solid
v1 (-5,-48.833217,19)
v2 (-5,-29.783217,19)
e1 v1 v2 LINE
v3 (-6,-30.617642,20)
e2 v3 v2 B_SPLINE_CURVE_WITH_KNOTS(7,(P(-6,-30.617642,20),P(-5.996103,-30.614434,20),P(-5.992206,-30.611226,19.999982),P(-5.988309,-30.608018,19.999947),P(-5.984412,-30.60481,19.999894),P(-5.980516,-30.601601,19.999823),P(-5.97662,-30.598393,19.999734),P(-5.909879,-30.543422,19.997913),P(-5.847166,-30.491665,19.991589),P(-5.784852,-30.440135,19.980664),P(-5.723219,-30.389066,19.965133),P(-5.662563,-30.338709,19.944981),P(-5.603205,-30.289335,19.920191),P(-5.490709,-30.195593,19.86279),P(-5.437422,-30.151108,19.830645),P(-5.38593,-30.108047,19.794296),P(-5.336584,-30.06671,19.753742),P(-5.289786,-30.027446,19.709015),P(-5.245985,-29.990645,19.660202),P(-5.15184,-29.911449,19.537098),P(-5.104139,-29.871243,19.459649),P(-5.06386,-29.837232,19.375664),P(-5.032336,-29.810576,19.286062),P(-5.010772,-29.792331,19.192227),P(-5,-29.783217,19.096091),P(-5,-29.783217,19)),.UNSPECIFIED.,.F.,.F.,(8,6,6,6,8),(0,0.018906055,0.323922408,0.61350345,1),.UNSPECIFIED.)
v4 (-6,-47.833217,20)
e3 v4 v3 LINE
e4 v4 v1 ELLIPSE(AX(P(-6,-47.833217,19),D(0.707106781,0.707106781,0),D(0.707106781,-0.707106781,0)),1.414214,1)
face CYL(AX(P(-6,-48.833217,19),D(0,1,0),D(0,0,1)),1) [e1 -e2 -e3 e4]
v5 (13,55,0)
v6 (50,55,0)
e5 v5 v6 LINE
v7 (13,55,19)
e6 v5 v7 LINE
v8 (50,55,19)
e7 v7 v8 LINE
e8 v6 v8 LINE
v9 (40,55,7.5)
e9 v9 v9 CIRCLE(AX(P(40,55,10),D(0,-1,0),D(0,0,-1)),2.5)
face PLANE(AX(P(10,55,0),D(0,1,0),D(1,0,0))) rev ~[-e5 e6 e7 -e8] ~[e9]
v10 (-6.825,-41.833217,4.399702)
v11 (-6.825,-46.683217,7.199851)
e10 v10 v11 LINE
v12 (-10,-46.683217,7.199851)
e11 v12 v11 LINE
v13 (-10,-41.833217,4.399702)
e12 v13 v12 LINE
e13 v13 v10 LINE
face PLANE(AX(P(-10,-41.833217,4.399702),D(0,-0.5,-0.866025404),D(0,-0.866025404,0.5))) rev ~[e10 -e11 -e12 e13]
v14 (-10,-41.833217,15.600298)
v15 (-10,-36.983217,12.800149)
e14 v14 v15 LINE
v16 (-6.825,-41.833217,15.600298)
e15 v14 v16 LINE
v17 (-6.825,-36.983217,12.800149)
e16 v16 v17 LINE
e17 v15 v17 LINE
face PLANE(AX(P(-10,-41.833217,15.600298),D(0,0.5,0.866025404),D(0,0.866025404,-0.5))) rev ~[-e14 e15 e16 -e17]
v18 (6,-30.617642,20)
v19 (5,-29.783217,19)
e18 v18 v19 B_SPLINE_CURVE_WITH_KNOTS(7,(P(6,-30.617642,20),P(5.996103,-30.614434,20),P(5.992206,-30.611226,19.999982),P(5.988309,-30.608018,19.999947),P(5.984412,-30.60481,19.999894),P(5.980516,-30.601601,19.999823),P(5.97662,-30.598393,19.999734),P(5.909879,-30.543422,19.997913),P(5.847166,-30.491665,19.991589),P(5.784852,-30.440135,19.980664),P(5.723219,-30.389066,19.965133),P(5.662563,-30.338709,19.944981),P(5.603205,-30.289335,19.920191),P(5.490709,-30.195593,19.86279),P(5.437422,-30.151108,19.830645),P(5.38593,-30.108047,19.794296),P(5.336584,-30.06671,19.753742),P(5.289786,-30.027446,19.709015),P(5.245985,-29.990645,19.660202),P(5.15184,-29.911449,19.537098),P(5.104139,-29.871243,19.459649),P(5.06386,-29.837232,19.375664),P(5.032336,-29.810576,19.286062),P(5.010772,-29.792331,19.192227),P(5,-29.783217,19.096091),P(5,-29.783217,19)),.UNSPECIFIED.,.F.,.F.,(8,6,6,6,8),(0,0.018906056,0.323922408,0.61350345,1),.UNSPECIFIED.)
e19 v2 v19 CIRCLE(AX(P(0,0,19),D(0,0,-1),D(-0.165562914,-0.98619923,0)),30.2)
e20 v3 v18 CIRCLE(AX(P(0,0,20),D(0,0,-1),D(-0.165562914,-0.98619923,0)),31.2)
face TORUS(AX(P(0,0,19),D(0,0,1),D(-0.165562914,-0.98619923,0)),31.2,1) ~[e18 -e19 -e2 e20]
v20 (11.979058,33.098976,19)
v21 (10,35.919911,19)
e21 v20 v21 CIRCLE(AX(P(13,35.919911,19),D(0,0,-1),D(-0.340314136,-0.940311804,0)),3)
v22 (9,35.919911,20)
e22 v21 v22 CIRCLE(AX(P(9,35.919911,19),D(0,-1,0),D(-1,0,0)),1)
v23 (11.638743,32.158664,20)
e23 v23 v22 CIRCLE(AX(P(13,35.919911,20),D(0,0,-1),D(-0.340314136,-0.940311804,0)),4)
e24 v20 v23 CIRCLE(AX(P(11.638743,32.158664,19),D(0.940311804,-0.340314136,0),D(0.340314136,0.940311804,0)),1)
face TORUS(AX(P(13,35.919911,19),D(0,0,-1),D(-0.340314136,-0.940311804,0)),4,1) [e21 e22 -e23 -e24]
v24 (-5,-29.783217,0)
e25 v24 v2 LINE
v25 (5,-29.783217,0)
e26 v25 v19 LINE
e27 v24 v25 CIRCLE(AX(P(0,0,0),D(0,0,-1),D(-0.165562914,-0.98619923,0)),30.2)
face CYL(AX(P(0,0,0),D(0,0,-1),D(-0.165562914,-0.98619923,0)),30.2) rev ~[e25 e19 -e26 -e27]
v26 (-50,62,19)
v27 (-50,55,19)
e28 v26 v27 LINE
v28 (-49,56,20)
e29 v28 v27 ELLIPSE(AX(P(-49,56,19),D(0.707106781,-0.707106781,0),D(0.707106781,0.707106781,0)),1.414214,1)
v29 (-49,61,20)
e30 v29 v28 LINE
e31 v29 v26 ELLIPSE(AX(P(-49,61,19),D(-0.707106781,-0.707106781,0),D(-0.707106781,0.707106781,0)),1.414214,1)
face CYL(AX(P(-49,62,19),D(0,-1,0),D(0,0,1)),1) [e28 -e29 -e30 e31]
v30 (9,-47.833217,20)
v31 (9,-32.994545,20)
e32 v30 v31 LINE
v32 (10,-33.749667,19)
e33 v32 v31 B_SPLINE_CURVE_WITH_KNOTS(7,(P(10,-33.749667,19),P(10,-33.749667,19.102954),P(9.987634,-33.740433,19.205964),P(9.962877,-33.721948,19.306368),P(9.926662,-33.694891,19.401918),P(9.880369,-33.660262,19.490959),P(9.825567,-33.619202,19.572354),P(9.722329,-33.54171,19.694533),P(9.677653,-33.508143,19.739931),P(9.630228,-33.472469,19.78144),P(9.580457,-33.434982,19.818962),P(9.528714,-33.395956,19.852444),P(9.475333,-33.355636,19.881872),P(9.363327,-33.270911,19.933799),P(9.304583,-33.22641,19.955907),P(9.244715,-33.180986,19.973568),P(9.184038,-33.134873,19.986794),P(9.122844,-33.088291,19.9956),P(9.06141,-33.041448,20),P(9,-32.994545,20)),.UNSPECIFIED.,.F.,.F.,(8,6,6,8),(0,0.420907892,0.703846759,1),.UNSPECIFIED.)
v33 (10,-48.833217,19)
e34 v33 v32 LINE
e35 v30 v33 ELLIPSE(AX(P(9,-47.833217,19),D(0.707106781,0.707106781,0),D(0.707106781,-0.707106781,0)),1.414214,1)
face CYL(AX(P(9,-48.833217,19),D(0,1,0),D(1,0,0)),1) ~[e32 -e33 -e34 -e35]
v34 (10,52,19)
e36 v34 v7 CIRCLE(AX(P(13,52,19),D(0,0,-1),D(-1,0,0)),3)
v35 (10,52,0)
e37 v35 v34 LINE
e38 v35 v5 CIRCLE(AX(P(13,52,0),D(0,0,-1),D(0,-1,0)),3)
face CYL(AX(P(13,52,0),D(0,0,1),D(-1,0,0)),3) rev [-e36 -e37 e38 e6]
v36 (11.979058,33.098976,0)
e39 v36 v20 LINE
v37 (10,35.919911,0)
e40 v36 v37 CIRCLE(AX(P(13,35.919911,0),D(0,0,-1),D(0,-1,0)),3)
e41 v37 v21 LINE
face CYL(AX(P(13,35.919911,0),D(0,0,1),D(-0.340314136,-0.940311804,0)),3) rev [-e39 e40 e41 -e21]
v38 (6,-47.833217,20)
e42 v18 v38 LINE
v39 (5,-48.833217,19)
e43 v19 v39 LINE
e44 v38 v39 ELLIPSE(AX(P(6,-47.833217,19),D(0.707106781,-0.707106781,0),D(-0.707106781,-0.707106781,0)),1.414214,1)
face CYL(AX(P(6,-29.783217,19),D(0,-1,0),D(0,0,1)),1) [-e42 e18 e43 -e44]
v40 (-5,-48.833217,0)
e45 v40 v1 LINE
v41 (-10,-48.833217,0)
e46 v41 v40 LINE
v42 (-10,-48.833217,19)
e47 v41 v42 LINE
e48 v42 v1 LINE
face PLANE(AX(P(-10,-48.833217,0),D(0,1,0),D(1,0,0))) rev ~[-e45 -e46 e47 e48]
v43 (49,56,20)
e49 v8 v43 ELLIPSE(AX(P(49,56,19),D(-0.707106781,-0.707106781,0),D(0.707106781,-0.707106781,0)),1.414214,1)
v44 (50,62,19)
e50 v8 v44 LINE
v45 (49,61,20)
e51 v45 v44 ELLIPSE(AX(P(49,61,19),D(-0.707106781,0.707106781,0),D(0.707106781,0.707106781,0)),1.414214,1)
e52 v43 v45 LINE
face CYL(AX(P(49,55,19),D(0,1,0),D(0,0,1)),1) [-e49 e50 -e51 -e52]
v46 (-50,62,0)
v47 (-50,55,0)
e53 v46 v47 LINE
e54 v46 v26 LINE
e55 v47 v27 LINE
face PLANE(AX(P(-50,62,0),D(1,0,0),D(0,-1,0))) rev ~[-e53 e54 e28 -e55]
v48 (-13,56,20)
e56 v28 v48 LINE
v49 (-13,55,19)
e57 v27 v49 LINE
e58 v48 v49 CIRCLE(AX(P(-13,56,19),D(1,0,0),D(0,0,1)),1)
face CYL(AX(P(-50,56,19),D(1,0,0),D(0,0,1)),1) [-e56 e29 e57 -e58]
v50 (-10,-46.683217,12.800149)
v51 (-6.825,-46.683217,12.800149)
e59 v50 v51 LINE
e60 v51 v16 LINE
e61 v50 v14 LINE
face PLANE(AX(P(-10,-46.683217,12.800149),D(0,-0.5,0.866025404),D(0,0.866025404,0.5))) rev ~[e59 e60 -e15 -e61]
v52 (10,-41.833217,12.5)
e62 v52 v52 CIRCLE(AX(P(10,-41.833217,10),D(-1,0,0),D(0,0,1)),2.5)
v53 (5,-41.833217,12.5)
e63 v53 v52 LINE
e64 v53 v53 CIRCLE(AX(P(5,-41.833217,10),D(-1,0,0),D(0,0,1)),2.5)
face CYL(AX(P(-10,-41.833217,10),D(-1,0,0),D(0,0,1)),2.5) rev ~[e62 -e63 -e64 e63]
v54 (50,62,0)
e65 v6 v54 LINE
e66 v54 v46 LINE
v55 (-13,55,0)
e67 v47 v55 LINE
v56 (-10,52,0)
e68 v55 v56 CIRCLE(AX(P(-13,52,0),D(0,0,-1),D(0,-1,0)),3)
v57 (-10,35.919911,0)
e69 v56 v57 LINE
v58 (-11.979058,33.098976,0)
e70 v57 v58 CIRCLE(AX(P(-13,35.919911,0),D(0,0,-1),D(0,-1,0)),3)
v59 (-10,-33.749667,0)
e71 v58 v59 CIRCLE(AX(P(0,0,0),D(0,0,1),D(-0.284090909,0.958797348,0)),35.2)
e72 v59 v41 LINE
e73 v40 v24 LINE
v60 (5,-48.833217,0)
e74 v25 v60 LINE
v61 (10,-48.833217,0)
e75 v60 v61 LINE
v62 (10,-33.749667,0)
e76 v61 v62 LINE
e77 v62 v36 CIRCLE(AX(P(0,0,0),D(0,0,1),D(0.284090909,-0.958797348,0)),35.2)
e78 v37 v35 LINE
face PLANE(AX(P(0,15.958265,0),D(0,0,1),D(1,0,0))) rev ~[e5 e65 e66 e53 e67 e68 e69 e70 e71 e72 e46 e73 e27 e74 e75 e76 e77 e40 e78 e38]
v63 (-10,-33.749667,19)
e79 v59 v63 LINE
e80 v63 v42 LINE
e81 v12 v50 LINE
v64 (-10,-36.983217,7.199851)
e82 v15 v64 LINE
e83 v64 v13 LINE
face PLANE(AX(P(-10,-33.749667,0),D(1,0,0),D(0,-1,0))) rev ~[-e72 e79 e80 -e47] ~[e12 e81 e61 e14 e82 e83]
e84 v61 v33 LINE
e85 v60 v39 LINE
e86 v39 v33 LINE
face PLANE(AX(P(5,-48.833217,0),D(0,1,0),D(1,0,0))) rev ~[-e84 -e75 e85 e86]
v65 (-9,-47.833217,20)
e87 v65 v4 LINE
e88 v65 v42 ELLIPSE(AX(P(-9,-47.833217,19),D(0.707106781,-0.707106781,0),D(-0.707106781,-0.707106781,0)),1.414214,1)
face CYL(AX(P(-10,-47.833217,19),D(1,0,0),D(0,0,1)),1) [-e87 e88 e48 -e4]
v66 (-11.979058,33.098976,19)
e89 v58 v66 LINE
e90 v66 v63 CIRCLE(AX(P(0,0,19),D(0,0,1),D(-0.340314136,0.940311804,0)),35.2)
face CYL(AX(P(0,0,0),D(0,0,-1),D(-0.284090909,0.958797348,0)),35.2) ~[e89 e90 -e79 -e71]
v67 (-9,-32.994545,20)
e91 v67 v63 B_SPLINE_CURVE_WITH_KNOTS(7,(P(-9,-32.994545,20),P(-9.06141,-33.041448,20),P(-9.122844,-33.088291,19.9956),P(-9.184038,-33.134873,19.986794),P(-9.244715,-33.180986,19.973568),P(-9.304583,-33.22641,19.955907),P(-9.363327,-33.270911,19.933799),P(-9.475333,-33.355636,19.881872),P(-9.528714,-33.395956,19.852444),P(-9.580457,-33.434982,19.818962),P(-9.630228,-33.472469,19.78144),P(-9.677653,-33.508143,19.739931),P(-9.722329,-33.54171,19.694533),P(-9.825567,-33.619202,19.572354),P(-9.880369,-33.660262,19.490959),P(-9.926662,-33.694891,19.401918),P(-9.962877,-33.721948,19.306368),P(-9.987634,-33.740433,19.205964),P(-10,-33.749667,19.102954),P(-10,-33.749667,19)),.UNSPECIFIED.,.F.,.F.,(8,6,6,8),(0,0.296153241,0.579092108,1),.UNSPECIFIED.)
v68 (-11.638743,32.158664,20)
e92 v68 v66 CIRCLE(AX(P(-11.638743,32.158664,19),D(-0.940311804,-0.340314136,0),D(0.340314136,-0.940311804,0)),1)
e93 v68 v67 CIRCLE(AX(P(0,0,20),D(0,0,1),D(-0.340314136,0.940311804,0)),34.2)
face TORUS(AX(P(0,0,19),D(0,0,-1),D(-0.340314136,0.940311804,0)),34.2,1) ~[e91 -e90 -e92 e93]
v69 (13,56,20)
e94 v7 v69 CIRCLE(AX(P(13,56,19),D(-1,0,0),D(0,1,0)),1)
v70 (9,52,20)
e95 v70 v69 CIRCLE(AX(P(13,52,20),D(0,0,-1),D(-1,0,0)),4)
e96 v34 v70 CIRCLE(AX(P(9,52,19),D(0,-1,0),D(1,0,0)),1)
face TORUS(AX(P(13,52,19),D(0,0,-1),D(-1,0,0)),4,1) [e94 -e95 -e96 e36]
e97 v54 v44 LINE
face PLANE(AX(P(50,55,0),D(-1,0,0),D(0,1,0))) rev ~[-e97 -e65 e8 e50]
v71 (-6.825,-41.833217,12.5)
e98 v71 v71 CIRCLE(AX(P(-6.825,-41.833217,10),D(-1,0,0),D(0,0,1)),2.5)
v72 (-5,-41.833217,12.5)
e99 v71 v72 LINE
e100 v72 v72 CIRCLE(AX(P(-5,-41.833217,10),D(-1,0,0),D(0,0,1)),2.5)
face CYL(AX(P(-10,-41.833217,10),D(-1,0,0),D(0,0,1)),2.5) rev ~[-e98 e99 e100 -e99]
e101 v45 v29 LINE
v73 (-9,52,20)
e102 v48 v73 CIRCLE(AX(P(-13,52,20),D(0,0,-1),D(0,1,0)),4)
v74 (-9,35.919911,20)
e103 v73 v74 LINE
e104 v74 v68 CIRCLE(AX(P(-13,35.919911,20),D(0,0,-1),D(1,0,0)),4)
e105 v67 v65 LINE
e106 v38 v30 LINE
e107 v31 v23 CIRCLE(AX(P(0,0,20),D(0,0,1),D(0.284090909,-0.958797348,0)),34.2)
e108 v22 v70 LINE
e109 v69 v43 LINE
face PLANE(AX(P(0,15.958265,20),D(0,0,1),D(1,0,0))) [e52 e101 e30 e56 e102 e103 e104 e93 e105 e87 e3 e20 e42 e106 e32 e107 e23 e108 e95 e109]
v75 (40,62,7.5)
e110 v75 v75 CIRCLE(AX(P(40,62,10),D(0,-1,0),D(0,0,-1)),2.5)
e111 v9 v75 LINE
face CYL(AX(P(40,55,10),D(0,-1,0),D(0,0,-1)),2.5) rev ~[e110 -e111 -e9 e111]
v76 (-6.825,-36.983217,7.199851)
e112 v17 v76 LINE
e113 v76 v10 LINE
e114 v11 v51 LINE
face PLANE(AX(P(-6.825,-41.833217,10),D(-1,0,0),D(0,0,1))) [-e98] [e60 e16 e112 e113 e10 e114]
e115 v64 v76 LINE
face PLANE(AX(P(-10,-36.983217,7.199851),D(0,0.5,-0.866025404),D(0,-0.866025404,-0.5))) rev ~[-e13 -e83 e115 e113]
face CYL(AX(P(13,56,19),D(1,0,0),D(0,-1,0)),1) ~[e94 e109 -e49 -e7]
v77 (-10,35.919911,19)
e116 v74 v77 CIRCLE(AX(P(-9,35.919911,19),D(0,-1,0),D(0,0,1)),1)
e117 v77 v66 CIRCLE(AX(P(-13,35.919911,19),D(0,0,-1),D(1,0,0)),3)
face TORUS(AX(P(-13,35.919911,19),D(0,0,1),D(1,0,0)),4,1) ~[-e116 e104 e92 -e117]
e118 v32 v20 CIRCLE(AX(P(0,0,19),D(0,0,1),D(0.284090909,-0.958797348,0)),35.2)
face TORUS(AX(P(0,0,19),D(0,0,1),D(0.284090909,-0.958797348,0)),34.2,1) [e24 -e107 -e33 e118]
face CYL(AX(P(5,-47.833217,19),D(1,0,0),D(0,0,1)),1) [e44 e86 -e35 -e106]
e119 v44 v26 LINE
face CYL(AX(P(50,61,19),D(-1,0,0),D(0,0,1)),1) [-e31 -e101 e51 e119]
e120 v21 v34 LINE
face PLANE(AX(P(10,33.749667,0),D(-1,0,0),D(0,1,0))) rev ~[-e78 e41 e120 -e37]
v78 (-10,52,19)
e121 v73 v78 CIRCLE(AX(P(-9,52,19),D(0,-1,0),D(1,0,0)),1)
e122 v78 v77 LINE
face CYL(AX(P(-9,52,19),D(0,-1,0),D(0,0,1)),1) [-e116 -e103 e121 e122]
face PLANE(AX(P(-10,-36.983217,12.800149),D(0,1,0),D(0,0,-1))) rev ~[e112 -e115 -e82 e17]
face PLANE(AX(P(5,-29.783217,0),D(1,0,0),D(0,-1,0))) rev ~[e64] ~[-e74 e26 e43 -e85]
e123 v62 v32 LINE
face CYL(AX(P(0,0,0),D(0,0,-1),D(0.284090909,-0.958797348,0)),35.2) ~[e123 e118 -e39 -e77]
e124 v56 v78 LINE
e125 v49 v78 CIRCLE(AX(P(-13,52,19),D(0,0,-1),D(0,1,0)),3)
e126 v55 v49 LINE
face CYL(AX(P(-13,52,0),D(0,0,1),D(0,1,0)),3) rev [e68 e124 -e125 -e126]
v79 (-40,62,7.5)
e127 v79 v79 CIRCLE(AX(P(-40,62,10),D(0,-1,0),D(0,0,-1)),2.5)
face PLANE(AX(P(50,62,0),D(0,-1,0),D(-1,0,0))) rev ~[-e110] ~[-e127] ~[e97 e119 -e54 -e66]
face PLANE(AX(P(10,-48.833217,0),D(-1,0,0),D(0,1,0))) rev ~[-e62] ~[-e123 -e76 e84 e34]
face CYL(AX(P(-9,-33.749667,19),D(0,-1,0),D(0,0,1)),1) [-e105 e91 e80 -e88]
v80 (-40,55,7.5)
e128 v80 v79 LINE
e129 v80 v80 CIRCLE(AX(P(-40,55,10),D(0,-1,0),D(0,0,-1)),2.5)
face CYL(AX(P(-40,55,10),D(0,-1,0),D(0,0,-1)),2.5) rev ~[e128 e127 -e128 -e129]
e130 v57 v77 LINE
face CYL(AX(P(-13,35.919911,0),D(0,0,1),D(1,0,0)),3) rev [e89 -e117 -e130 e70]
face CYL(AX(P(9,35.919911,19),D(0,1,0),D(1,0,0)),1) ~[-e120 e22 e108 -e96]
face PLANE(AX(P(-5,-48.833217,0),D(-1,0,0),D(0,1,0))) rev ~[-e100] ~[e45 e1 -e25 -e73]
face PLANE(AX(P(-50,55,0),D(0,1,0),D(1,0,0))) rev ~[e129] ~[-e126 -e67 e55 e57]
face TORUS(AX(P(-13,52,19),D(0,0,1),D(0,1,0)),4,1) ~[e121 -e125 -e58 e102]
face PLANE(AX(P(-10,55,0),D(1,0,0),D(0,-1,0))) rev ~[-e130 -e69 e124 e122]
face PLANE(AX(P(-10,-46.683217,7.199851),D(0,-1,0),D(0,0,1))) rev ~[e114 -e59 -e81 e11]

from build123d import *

# Parameters (mm, degrees)
BOSS_EXTRUDE1_DEPTH = 20
FILLET1_R           = 3
SKETCH2_R           = 2.5
CUT_EXTRUDE1_DEPTH  = 117.967247128
SKETCH3_R           = 2.5
CUT_EXTRUDE2_DEPTH  = 89.566359302
SKETCH3_4_R         = 2.5
CUT_EXTRUDE3_DEPTH  = 3.175
FILLET2_R           = 1


with BuildPart() as part:
    # Sketch1 → Boss-Extrude1 (new body)
    with BuildSketch(Plane.XY):
        with BuildLine():
            ThreePointArc((-5, -29.78321675), (0, 30.2), (5, -29.78321675))
            Line((5, -29.78321675), (5, -48.83321675))
            Line((5, -48.83321675), (10, -48.83321675))
            Line((10, -48.83321675), (10, -33.749666665))
            ThreePointArc((10, -33.749666665), (35.2, 0), (10, 33.749666665))
            Line((10, 33.749666665), (10, 55))
            Line((10, 55), (50, 55))
            Line((50, 55), (50, 62))
            Line((50, 62), (-50, 62))
            Line((-50, 62), (-50, 55))
            Line((-50, 55), (-10, 55))
            Line((-10, 55), (-10, 33.749666665))
            ThreePointArc((-10, 33.749666665), (-35.2, 0), (-10, -33.749666665))
            Line((-10, -33.749666665), (-10, -48.83321675))
            Line((-10, -48.83321675), (-5, -48.83321675))
            Line((-5, -48.83321675), (-5, -29.78321675))
        make_face()
    extrude(amount=BOSS_EXTRUDE1_DEPTH)

    # Fillet1
    fillet1_edges = [part.edges().sort_by_distance(p)[0] for p in [
        (10, 33.749666665, 10),
        (10, 55, 10),
        (-10, 33.749666665, 10),
        (-10, 55, 10),
    ]]
    fillet(fillet1_edges, radius=FILLET1_R)

    # Sketch2 → Cut-Extrude1 (cut, through all)
    with BuildSketch(Plane(origin=(0, 55, 0), x_dir=(-1, 0, 0), z_dir=(0, -1, 0))):
        with Locations((40, -10)):
            Circle(SKETCH2_R)
        with Locations((-40, -10)):
            Circle(SKETCH2_R)
    extrude(amount=-CUT_EXTRUDE1_DEPTH, mode=Mode.SUBTRACT)

    # Sketch3 → Cut-Extrude2 (cut, through all)
    with BuildSketch(Plane.ZY.offset(10)):
        with Locations((10, -41.83321675)):
            Circle(SKETCH3_R)
    extrude(amount=-CUT_EXTRUDE2_DEPTH, mode=Mode.SUBTRACT)

    # Sketch3<4> → Cut-Extrude3 (cut)
    with BuildSketch(Plane.ZY.offset(10)):
        Polygon((15.600297611, -41.83321675), (12.800148806, -36.98321675), (7.199851194, -36.98321675), (4.399702389, -41.83321675), (7.199851194, -46.68321675), (12.800148806, -46.68321675), align=None)
        with Locations((10, -41.83321675)):
            Circle(SKETCH3_4_R, mode=Mode.SUBTRACT)
    extrude(amount=-CUT_EXTRUDE3_DEPTH, mode=Mode.SUBTRACT)

    # Fillet2
    fillet2_edges = [part.edges().sort_by_distance(p)[0] for p in [
        (-50, 58.5, 20),
        (0, 62, 20),
        (50, 58.5, 20),
        (31.5, 55, 20),
        (10.878679656, 54.121320344, 20),
        (10, 43.959955457, 20),
        (10.544106352, 34.196952298, 20),
        (35.184584451, -1.041641486, 20),
        (10, -41.291441708, 20),
        (7.5, -48.83321675, 20),
        (5, -39.30821675, 20),
        (0, 30.2, 20),
        (-5, -39.30821675, 20),
        (-7.5, -48.83321675, 20),
        (-10, -41.291441708, 20),
        (-35.184584451, -1.041641486, 20),
        (-10.544106352, 34.196952298, 20),
        (-10, 43.959955457, 20),
        (-10.878679656, 54.121320344, 20),
        (-31.5, 55, 20),
    ]]
    fillet(fillet2_edges, radius=FILLET2_R)


solid = part.part
